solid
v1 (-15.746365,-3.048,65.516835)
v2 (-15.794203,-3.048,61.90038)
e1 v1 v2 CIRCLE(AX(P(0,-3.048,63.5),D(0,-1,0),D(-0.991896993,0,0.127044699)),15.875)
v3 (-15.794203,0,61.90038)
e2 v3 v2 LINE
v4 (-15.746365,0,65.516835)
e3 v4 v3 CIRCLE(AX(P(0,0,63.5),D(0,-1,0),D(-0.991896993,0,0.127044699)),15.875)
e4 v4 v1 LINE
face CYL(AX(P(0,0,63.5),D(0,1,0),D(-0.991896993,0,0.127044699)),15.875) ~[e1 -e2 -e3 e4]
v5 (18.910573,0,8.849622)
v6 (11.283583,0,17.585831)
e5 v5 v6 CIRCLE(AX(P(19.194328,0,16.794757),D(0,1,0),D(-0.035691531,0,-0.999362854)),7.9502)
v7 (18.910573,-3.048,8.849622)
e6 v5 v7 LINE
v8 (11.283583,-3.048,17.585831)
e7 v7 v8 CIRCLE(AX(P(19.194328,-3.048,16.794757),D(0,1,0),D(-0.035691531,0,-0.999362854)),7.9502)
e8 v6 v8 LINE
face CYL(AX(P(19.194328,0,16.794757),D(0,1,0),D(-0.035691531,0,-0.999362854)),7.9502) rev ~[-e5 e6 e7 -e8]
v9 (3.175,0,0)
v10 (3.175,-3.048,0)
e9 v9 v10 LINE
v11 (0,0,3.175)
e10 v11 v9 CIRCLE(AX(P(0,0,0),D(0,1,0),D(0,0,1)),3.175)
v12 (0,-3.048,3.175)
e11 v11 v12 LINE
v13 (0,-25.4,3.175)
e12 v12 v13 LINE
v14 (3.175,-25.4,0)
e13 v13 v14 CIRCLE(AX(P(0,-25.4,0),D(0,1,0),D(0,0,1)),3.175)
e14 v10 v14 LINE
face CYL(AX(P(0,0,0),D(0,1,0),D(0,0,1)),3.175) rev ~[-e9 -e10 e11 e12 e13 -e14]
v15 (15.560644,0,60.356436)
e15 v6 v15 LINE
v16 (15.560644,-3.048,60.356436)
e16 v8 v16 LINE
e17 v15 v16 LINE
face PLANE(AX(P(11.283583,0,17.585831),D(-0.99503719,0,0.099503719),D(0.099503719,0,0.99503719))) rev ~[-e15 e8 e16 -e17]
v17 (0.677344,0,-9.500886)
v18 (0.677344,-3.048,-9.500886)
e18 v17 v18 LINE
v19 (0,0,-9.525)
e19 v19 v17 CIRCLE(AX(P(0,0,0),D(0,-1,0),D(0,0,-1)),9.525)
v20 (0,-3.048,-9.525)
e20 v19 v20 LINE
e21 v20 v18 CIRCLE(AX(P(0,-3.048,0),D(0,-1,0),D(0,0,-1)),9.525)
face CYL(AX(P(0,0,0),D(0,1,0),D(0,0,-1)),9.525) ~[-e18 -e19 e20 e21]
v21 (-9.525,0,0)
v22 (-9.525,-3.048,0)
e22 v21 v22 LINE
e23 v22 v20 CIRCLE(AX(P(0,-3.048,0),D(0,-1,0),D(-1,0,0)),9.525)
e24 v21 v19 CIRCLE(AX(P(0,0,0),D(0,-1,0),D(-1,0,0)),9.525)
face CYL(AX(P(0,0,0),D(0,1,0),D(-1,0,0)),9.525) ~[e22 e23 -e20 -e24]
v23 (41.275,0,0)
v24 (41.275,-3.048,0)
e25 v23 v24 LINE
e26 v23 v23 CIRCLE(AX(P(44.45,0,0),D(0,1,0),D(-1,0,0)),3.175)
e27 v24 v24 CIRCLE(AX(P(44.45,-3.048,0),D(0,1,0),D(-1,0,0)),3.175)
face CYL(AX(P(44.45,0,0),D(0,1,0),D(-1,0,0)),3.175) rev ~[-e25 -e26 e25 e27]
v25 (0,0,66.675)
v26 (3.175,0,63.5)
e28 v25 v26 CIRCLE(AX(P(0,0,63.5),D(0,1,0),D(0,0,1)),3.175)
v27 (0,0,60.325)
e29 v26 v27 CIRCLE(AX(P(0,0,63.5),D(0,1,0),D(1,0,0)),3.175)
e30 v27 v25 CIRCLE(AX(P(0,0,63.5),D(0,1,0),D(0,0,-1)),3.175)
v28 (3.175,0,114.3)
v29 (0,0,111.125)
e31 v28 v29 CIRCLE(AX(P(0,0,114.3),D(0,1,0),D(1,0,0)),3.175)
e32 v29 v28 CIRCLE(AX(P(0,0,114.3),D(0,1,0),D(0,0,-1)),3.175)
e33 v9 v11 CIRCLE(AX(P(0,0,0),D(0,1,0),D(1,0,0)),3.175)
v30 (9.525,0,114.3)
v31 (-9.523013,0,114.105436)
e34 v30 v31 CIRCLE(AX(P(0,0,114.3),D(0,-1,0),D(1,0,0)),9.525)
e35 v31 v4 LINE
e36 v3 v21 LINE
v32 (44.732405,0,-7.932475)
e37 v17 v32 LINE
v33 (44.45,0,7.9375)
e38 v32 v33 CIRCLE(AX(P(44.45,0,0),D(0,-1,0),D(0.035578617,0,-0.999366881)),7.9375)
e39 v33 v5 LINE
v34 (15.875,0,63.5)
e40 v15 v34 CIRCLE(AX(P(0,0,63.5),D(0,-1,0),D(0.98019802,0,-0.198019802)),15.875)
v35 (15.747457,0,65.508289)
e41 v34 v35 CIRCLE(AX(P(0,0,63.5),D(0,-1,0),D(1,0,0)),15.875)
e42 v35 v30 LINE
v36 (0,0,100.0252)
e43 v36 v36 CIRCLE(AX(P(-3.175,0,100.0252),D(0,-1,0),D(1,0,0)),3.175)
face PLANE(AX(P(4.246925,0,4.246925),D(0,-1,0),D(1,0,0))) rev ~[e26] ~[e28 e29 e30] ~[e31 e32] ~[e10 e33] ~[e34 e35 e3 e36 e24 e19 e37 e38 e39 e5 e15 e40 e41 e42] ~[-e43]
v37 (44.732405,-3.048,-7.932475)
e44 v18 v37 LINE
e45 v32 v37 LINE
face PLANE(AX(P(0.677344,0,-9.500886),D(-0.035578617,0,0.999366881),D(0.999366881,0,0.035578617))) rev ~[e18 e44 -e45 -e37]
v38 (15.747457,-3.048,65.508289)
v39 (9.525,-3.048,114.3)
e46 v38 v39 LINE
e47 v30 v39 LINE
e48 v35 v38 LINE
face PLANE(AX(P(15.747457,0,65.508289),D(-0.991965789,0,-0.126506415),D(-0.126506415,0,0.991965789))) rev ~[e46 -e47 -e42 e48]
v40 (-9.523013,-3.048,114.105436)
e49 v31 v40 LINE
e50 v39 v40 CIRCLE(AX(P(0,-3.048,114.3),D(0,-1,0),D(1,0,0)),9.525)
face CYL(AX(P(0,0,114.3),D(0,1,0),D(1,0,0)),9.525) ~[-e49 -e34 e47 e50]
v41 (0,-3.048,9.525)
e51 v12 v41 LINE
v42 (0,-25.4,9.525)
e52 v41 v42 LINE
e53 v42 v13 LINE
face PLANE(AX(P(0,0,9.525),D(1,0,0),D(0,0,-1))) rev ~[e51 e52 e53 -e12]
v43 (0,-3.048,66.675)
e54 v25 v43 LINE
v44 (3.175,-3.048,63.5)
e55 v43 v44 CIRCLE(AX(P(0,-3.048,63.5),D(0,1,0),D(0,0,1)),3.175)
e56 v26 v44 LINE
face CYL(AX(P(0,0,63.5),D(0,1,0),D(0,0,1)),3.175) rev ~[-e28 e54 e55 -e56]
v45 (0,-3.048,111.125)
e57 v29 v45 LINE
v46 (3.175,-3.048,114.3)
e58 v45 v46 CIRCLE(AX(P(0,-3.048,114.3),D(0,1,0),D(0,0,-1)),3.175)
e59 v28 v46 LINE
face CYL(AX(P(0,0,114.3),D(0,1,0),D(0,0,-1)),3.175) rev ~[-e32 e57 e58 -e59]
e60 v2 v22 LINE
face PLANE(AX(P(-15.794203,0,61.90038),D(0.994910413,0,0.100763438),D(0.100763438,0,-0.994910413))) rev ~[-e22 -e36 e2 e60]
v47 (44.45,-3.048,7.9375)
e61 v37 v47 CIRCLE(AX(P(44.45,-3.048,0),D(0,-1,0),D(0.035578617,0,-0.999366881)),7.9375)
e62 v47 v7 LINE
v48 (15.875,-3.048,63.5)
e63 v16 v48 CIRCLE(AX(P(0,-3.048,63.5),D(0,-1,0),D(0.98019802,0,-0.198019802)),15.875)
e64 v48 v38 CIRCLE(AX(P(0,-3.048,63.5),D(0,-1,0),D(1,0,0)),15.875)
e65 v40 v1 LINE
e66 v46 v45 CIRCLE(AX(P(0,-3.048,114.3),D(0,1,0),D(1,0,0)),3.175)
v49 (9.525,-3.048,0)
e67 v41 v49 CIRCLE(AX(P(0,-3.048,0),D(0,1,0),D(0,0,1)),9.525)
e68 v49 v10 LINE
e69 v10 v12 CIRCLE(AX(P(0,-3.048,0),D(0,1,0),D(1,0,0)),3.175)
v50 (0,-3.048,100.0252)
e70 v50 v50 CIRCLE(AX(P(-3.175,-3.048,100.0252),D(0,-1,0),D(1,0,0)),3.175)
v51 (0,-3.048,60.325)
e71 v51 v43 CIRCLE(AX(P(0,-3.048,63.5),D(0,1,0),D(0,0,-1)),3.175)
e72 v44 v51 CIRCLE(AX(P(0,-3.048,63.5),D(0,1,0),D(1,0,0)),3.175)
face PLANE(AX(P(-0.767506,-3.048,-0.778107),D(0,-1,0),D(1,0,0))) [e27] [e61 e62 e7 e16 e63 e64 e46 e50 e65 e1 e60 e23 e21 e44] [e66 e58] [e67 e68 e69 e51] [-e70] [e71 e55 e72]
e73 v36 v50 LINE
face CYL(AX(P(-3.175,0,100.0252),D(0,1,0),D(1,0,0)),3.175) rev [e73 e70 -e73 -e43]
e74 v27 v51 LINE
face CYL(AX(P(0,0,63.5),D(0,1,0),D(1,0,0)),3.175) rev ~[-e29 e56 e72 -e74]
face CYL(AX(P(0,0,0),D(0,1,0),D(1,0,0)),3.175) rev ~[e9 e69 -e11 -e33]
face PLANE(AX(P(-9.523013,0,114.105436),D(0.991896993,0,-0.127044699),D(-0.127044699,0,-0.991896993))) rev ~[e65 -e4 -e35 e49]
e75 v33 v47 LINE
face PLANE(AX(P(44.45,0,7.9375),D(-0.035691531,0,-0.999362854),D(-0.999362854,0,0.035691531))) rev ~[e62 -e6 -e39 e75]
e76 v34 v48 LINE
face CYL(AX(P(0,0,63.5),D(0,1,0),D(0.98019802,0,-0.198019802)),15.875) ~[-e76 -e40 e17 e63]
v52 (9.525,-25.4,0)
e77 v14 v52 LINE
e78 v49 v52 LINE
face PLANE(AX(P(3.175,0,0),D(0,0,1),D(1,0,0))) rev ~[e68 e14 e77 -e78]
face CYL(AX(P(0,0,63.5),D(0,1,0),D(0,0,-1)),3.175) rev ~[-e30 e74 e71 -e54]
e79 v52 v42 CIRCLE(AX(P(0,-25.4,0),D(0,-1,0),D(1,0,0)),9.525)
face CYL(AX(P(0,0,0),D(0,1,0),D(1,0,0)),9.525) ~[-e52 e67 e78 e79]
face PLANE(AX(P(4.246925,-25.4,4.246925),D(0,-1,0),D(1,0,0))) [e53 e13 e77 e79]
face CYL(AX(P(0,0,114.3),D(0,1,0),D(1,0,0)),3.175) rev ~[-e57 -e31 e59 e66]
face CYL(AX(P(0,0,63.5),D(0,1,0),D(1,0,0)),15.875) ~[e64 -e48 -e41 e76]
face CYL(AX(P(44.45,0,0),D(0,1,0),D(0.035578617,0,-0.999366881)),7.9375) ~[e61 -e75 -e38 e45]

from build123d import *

# Parameters (mm, degrees)
F0_R     = 3.175
F1_DEPTH = 3.048
F2_DEPTH = 25.4


with BuildPart() as f1:
    # F0 (on Front) → F1 (new body)
    with BuildSketch(Plane.XZ):
        with BuildLine():
            ThreePointArc((3.175, 0), (-2.2450640303, -2.2450640303), (0, 3.175))
            Line((0, 3.175), (0, 9.525))
            ThreePointArc((0, 9.525), (-6.7351920908, 6.7351920908), (-9.525, 0))
            ThreePointArc((-9.525, 0), (-6.7351920908, -6.7351920908), (0, -9.525))
            Line((0, -9.525), (0.6773435479, -9.500885786))
            ThreePointArc((0.6773435479, -9.500885786), (6.9705567315, -6.4912990883), (9.525, 0))
            Line((9.525, 0), (3.175, 0))
        make_face()
        with BuildLine():
            ThreePointArc((-9.525, 0), (-6.7351920908, 6.7351920908), (0, 9.525))
            Line((0, 9.525), (0, 47.625))
            ThreePointArc((0, 47.625), (-10.644756084, 51.722700101), (-15.7942028036, 61.9003804205))
            Line((-15.7942028036, 61.9003804205), (-9.525, 0))
        make_face()
        with BuildLine():
            Line((0, 47.625), (0, 9.525))
            ThreePointArc((0, 9.525), (6.7351920908, 6.7351920908), (9.525, 0))
            Line((9.525, 0), (36.5125, 0))
            ThreePointArc((36.5125, 0), (38.8373399243, 5.6126600757), (44.45, 7.9375))
            Line((44.45, 7.9375), (18.9105730062, 8.8496223926))
            ThreePointArc((18.9105730062, 8.8496223926), (13.2053552395, 11.5661923774), (11.2835831424, 17.5858314242))
            Line((11.2835831424, 17.5858314242), (15.5606435644, 60.3564356436))
            ThreePointArc((15.5606435644, 60.3564356436), (10.0526499203, 51.2134278751), (0, 47.625))
        make_face()
        with BuildLine():
            Line((36.5125, 0), (9.525, 0))
            ThreePointArc((9.525, 0), (6.9705567315, -6.4912990883), (0.6773435479, -9.500885786))
            Line((0.6773435479, -9.500885786), (44.7324052746, -7.9324746146))
            ThreePointArc((44.7324052746, -7.9324746146), (38.9380895153, -5.7116327839), (36.5125, 0))
        make_face()
        with BuildLine():
            ThreePointArc((-15.7942028036, 61.9003804205), (-10.644756084, 51.722700101), (0, 47.625))
            Line((0, 47.625), (0, 60.325))
            ThreePointArc((0, 60.325), (-3.175, 63.5), (0, 66.675))
            Line((0, 66.675), (0, 79.375))
            ThreePointArc((0, 79.375), (-10.4880497635, 75.4170649557), (-15.746364761, 65.5168346025))
            ThreePointArc((-15.746364761, 65.5168346025), (-15.8736113026, 63.7099743162), (-15.7942028036, 61.9003804205))
        make_face()
        with BuildLine():
            Line((0, 60.325), (0, 47.625))
            ThreePointArc((0, 47.625), (10.0526499203, 51.2134278751), (15.5606435644, 60.3564356436))
            Line((15.5606435644, 60.3564356436), (15.875, 63.5))
            ThreePointArc((15.875, 63.5), (15.8430821396, 64.5061676396), (15.7474569047, 65.5082893304))
            ThreePointArc((15.7474569047, 65.5082893304), (10.4912828548, 75.4142187767), (0, 79.375))
            Line((0, 79.375), (0, 66.675))
            ThreePointArc((0, 66.675), (2.2450640303, 65.7450640303), (3.175, 63.5))
            ThreePointArc((3.175, 63.5), (2.2450640303, 61.2549359697), (0, 60.325))
        make_face()
        with BuildLine():
            ThreePointArc((0, -9.525), (0.3388863295, -9.5189695375), (0.6773435479, -9.500885786))
            Line((0.6773435479, -9.500885786), (0, -9.525))
        make_face()
        with BuildLine():
            ThreePointArc((44.45, 7.9375), (38.8373399243, 5.6126600757), (36.5125, 0))
            ThreePointArc((36.5125, 0), (38.9380895153, -5.7116327839), (44.7324052746, -7.9324746146))
            ThreePointArc((44.7324052746, -7.9324746146), (50.1616327839, -5.5119104847), (52.3875, 0))
            ThreePointArc((52.3875, 0), (50.0626600757, 5.6126600757), (44.45, 7.9375))
        make_face()
        with BuildLine():
            ThreePointArc((47.625, 0), (44.45, -3.175), (41.275, 0))
            ThreePointArc((41.275, 0), (44.45, 3.175), (47.625, 0))
        make_face(mode=Mode.SUBTRACT)
        with BuildLine():
            Line((15.875, 63.5), (15.5606435644, 60.3564356436))
            ThreePointArc((15.5606435644, 60.3564356436), (15.7962153946, 61.9203784605), (15.875, 63.5))
        make_face()
        with BuildLine():
            Line((-9.5230126444, 114.1054359383), (-15.746364761, 65.5168346025))
            ThreePointArc((-15.746364761, 65.5168346025), (-10.4880497635, 75.4170649557), (0, 79.375))
            Line((0, 79.375), (0, 100.0252))
            Line((0, 100.0252), (0, 104.775))
            ThreePointArc((0, 104.775), (-6.6660483914, 107.4963668644), (-9.5230126444, 114.1054359383))
        make_face()
        with Locations((-3.175, 100.0252)):
            Circle(F0_R, mode=Mode.SUBTRACT)
        with BuildLine():
            Line((0, 100.0252), (0, 79.375))
            ThreePointArc((0, 79.375), (10.4912828548, 75.4142187767), (15.7474569047, 65.5082893304))
            Line((15.7474569047, 65.5082893304), (9.525, 114.3))
            ThreePointArc((9.525, 114.3), (6.7351920908, 107.5648079092), (0, 104.775))
            Line((0, 104.775), (0, 100.0252))
        make_face()
        with BuildLine():
            ThreePointArc((9.525, 114.3), (-0.0972871056, 123.8245031481), (-9.5230126444, 114.1054359383))
            ThreePointArc((-9.5230126444, 114.1054359383), (-6.6660483914, 107.4963668644), (0, 104.775))
            ThreePointArc((0, 104.775), (6.7351920908, 107.5648079092), (9.525, 114.3))
        make_face()
        with BuildLine():
            ThreePointArc((3.175, 114.3), (2.2450640303, 112.0549359697), (0, 111.125))
            ThreePointArc((0, 111.125), (-2.2450640303, 116.5450640303), (3.175, 114.3))
        make_face(mode=Mode.SUBTRACT)
    extrude(amount=F1_DEPTH)

    # F0 (on Front) → F2 (join)
    with BuildSketch(Plane.XZ):
        with BuildLine():
            Line((0, 9.525), (0, 3.175))
            ThreePointArc((0, 3.175), (2.2450640303, 2.2450640303), (3.175, 0))
            Line((3.175, 0), (9.525, 0))
            ThreePointArc((9.525, 0), (6.7351920908, 6.7351920908), (0, 9.525))
        make_face()
    extrude(amount=F2_DEPTH)


solid = f1.part
